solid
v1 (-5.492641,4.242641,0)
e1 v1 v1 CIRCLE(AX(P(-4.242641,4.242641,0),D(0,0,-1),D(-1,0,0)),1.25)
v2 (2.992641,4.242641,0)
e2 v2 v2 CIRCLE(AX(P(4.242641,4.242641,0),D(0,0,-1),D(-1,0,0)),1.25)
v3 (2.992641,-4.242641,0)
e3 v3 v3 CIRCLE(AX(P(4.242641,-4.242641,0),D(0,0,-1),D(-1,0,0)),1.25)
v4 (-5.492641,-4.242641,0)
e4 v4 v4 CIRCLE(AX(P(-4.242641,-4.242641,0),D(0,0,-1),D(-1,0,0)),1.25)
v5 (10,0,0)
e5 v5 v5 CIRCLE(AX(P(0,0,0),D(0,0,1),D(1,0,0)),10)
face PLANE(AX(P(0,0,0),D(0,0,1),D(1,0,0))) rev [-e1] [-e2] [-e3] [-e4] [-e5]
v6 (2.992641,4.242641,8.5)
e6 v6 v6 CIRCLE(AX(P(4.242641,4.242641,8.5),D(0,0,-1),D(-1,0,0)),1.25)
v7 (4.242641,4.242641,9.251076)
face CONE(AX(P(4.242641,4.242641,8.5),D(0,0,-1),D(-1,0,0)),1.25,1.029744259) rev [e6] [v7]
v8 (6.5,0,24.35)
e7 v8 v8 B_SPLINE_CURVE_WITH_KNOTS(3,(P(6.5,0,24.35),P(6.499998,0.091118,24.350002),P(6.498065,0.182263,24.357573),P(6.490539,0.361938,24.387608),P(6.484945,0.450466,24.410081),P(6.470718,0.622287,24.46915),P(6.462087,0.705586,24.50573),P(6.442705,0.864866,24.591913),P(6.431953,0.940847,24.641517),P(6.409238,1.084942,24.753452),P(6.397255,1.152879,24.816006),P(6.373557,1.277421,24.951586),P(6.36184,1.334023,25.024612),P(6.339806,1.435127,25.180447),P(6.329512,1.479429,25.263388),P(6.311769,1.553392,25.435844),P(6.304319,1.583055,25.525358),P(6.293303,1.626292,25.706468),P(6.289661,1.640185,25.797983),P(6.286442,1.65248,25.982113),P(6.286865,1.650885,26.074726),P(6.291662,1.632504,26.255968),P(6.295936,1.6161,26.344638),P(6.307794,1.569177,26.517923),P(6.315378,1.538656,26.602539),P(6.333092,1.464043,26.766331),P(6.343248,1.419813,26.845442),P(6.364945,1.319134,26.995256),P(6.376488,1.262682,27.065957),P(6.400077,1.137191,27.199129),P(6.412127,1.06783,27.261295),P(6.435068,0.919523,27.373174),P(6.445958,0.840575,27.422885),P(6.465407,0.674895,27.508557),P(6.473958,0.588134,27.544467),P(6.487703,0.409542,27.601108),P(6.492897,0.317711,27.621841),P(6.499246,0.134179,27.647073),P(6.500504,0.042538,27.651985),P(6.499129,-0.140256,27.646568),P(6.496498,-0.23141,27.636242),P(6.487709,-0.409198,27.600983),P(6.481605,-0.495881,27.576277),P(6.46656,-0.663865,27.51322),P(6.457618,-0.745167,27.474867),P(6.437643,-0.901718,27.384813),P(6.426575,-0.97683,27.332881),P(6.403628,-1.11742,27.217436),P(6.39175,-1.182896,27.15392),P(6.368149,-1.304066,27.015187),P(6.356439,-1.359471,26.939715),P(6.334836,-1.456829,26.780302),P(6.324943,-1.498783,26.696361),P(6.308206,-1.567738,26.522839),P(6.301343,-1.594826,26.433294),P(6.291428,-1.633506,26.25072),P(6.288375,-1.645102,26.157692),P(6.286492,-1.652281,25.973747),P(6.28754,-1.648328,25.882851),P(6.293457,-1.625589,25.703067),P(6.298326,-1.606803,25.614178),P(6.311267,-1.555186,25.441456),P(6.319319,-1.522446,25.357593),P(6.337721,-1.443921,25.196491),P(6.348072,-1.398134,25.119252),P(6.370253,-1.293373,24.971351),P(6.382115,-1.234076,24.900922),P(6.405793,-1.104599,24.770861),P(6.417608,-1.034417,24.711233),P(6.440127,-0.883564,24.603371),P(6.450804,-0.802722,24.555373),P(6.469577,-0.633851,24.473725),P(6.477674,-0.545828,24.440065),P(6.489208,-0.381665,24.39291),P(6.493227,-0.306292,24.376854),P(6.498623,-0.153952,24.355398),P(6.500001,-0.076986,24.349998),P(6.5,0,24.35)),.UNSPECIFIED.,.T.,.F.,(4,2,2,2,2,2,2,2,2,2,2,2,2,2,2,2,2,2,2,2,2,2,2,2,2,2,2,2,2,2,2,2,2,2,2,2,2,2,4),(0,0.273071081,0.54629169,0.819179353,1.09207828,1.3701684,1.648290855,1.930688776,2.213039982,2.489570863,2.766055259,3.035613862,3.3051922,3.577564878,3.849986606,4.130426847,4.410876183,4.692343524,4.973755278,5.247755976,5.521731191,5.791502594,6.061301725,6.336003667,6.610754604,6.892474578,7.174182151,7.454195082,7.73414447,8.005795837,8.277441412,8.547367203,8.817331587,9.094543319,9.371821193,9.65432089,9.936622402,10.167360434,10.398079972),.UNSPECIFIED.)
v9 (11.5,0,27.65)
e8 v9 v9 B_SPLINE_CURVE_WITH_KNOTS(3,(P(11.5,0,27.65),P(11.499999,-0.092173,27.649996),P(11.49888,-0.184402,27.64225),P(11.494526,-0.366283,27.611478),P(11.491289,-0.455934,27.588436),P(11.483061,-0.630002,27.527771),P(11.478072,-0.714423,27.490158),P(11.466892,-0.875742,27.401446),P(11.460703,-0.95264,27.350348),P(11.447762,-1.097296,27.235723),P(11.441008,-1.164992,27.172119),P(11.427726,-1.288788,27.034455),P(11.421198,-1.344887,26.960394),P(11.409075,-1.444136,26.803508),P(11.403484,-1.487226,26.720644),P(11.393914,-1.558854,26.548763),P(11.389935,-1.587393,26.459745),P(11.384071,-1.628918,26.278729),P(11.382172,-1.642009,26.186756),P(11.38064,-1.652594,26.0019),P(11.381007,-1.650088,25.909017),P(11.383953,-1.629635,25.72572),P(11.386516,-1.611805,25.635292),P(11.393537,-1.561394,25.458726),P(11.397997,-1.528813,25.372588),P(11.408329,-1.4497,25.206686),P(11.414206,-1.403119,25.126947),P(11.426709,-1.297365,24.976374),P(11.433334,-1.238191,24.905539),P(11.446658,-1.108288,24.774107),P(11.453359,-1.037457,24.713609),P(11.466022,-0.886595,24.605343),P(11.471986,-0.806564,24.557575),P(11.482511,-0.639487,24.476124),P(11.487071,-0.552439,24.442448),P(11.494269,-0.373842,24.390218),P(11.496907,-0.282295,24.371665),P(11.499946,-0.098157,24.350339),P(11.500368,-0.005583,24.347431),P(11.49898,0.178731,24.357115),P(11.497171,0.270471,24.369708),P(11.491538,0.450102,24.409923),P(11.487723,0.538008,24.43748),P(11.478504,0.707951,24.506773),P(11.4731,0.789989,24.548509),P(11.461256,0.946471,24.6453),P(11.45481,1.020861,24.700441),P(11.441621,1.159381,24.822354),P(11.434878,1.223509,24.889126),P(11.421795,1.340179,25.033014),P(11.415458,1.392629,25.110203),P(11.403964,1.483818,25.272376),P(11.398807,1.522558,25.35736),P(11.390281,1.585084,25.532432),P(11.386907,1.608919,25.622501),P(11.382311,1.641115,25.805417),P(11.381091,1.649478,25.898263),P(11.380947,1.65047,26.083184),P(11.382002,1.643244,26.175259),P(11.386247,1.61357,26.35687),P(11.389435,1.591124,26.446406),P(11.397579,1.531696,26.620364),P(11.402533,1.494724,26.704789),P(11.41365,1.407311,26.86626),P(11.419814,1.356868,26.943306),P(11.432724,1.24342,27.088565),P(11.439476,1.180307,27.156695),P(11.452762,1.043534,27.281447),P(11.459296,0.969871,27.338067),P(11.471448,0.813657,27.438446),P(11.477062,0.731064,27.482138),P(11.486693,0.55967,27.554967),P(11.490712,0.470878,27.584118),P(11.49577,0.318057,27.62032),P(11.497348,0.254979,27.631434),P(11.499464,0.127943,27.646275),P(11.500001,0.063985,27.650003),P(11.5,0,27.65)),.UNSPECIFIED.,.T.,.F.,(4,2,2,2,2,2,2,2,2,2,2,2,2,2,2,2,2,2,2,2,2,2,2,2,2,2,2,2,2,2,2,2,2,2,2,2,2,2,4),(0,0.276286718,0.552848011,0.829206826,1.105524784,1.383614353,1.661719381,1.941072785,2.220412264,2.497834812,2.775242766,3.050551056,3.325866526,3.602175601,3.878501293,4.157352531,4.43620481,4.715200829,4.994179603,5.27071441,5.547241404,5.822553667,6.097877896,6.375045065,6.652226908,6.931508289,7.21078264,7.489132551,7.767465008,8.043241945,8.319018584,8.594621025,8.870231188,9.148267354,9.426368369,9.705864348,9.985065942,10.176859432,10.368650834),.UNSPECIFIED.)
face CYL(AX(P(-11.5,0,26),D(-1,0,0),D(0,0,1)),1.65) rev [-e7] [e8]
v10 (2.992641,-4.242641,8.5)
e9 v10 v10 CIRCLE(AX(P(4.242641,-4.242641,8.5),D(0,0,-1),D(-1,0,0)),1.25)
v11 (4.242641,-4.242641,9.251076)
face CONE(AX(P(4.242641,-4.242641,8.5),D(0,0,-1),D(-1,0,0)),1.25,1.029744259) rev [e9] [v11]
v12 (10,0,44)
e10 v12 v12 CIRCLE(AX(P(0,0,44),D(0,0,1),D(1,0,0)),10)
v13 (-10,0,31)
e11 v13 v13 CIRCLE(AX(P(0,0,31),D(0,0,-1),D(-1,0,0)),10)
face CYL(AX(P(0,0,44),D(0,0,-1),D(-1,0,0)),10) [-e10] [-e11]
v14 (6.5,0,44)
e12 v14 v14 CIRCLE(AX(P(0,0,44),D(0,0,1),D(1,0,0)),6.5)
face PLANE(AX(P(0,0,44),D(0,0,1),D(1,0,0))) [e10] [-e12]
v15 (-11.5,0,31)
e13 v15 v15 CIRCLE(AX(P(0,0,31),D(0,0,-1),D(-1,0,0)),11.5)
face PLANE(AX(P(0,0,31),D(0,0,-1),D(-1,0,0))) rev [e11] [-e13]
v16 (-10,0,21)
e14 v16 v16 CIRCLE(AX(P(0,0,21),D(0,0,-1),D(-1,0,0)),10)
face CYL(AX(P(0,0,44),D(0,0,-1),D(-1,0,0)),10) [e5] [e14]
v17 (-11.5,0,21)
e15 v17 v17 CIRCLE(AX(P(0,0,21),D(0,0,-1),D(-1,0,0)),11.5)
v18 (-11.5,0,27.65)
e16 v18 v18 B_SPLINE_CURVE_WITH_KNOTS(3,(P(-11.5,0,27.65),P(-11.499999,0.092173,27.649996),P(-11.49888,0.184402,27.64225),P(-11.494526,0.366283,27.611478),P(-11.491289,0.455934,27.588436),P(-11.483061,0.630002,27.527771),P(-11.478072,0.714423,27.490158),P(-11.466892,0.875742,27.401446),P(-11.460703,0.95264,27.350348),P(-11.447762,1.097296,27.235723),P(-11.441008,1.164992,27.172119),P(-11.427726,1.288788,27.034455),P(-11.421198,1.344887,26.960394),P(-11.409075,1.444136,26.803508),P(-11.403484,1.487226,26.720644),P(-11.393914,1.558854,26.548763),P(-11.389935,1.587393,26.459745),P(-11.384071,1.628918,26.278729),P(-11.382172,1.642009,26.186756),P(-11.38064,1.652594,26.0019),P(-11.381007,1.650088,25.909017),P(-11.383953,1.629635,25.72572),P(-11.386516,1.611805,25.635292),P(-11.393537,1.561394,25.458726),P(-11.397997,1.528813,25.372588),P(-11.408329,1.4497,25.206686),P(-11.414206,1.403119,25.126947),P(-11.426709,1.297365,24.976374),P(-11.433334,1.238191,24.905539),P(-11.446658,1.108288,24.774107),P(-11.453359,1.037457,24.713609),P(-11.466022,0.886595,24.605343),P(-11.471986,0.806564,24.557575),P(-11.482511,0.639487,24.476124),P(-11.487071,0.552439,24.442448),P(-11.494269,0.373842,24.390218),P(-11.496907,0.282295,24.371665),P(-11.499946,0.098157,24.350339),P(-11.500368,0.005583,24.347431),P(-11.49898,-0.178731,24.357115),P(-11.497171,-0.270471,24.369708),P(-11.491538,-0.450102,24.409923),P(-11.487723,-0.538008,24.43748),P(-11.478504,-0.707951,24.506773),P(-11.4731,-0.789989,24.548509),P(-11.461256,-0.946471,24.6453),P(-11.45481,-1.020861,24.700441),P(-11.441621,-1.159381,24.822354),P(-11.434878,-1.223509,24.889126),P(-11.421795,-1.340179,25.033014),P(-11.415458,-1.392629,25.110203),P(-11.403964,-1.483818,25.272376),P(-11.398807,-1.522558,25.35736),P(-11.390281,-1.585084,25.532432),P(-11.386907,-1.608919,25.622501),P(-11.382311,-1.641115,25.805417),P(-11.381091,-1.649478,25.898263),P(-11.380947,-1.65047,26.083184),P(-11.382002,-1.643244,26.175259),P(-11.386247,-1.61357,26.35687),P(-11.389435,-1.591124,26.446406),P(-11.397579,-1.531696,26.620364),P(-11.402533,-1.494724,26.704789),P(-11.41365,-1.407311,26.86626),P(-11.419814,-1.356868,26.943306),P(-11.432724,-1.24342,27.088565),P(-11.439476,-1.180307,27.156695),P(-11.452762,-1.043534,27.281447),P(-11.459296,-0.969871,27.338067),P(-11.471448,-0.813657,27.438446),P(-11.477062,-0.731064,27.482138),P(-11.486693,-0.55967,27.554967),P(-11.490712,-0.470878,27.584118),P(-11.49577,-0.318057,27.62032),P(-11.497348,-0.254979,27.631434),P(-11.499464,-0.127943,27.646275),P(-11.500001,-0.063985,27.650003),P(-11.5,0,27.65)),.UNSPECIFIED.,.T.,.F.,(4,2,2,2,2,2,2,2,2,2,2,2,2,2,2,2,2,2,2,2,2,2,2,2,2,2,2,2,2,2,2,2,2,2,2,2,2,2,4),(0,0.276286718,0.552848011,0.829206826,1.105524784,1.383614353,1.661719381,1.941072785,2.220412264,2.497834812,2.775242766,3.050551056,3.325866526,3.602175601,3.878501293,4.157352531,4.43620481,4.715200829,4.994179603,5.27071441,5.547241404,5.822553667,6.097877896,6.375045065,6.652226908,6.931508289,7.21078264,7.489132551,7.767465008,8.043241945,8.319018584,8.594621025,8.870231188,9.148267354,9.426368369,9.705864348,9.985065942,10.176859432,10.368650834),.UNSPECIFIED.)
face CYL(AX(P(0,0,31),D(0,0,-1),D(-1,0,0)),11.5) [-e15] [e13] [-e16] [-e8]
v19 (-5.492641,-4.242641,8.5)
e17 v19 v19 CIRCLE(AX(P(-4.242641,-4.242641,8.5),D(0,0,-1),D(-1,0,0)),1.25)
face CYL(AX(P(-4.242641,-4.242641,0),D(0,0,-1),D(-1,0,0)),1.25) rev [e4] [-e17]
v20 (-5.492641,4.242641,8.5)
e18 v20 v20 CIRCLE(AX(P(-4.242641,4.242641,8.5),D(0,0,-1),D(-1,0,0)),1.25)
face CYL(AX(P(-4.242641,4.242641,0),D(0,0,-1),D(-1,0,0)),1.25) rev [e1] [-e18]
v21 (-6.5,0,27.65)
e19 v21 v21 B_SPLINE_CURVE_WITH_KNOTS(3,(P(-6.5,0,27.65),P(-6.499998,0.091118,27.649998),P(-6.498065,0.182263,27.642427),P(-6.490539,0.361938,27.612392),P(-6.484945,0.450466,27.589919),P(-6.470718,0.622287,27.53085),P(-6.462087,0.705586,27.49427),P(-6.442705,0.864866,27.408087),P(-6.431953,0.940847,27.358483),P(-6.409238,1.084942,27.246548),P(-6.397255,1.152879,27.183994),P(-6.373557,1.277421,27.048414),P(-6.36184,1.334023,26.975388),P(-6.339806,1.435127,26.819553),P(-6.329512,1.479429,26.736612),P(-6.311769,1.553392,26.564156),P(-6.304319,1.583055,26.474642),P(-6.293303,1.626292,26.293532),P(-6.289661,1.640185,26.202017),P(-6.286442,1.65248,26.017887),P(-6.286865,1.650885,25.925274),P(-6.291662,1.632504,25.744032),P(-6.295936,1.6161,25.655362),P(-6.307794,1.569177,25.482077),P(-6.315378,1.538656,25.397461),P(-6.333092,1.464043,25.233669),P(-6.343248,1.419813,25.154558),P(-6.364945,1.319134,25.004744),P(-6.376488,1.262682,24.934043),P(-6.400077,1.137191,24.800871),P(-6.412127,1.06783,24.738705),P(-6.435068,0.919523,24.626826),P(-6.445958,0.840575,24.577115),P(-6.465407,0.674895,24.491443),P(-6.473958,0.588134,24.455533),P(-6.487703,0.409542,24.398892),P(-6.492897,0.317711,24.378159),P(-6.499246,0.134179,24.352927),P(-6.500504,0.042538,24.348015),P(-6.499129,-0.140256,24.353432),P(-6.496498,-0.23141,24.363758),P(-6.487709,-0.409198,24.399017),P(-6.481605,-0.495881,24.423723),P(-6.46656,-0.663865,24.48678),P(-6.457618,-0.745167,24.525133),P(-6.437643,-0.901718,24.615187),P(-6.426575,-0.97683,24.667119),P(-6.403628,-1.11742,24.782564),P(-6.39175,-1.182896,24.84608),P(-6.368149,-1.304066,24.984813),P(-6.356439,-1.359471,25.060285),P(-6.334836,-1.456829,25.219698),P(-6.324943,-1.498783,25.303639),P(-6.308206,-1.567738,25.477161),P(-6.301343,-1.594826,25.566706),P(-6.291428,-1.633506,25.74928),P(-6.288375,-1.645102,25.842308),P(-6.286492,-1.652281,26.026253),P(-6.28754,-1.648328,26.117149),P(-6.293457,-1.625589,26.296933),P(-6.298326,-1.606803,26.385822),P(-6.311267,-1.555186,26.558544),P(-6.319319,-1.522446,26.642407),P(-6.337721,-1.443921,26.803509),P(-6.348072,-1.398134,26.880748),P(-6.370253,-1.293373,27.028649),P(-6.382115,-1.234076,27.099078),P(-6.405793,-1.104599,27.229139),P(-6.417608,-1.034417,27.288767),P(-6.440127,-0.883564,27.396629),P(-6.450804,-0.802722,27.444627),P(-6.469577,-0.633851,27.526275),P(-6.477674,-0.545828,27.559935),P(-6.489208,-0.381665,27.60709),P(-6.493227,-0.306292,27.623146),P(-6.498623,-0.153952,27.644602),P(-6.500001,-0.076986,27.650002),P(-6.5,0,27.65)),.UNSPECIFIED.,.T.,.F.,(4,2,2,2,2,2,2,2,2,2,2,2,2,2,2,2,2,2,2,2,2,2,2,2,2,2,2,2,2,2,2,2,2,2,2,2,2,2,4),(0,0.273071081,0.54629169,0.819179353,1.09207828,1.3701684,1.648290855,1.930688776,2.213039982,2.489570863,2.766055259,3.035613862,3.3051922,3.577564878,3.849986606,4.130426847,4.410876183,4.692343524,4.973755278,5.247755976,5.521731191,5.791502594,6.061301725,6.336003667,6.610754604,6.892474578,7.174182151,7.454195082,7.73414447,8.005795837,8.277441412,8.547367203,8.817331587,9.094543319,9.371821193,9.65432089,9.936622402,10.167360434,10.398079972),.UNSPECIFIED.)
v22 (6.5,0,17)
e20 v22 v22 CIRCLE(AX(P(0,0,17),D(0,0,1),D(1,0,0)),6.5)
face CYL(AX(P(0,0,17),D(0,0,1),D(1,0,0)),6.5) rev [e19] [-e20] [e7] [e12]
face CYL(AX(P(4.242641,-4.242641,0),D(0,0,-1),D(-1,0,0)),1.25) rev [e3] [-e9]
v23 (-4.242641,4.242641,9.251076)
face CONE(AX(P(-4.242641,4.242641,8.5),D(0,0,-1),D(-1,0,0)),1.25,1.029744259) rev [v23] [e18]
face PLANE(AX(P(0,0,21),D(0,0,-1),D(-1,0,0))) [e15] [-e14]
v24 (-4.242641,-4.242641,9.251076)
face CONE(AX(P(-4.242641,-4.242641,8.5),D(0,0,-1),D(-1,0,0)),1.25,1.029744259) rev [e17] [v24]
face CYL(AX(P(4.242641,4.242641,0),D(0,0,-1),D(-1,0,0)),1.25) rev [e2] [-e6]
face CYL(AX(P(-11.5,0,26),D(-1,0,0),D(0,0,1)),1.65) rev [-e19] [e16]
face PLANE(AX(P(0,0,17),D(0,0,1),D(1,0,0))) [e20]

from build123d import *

# Parameters (mm, degrees)
SKETCH_1_R          = 10
EXTRUDE_1_DEPTH     = 44
SKETCH_2_R          = 6.5
CUT_EXTRUDE_1_DEPTH = 27
M3X0_51_D           = 2.5
M3X0_51_DEPTH       = 8.5
M3X0_51_TIP         = 0.751075774
SKETCH_10_R         = 11.5
SKETCH_10_R_2       = 10
EXTRUDE_2_DEPTH     = 10
M4X0_71_D           = 3.3


with BuildPart() as part:
    # Эскиз1 → Бобышка-Вытянуть1 (new body)
    with BuildSketch(Plane.XY):
        Circle(SKETCH_1_R)
    extrude(amount=EXTRUDE_1_DEPTH)

    # Эскиз2 → Вырез-Вытянуть1 (cut)
    with BuildSketch(Plane.XY.offset(44)):
        Circle(SKETCH_2_R)
    extrude(amount=-CUT_EXTRUDE_1_DEPTH, mode=Mode.SUBTRACT)

    # Отверстие обработанное метчиком M3x0.51
    with Locations(Plane(origin=(0, 0, 0), x_dir=(-1, 0, 0), z_dir=(0, 0, -1))):
        with Locations((-4.242640687, 4.242640687), (4.242640687, 4.242640687), (4.242640687, -4.242640687), (-4.242640687, -4.242640687)):
            Hole(M3X0_51_D / 2, depth=M3X0_51_DEPTH)
            with Locations((0, 0, -(M3X0_51_DEPTH + M3X0_51_TIP / 2))):  # 118° drill point
                Cone(0, M3X0_51_D / 2, M3X0_51_TIP, mode=Mode.SUBTRACT)

    # Эскиз10 → Бобышка-Вытянуть2 (add)
    with BuildSketch(Plane(origin=(0, 0, 21), x_dir=(-1, 0, 0), z_dir=(0, 0, -1))):
        Circle(SKETCH_10_R)
        Circle(SKETCH_10_R_2, mode=Mode.SUBTRACT)
    extrude(amount=-EXTRUDE_2_DEPTH)

    # Отверстие обработанное метчиком M4x0.71 (through all)
    with Locations(Plane(origin=(-11.5, 0, 0), x_dir=(0, 0, -1), z_dir=(-1, 0, 0))):
        with Locations((-26, 0)):
            Hole(M4X0_71_D / 2)


solid = part.part
